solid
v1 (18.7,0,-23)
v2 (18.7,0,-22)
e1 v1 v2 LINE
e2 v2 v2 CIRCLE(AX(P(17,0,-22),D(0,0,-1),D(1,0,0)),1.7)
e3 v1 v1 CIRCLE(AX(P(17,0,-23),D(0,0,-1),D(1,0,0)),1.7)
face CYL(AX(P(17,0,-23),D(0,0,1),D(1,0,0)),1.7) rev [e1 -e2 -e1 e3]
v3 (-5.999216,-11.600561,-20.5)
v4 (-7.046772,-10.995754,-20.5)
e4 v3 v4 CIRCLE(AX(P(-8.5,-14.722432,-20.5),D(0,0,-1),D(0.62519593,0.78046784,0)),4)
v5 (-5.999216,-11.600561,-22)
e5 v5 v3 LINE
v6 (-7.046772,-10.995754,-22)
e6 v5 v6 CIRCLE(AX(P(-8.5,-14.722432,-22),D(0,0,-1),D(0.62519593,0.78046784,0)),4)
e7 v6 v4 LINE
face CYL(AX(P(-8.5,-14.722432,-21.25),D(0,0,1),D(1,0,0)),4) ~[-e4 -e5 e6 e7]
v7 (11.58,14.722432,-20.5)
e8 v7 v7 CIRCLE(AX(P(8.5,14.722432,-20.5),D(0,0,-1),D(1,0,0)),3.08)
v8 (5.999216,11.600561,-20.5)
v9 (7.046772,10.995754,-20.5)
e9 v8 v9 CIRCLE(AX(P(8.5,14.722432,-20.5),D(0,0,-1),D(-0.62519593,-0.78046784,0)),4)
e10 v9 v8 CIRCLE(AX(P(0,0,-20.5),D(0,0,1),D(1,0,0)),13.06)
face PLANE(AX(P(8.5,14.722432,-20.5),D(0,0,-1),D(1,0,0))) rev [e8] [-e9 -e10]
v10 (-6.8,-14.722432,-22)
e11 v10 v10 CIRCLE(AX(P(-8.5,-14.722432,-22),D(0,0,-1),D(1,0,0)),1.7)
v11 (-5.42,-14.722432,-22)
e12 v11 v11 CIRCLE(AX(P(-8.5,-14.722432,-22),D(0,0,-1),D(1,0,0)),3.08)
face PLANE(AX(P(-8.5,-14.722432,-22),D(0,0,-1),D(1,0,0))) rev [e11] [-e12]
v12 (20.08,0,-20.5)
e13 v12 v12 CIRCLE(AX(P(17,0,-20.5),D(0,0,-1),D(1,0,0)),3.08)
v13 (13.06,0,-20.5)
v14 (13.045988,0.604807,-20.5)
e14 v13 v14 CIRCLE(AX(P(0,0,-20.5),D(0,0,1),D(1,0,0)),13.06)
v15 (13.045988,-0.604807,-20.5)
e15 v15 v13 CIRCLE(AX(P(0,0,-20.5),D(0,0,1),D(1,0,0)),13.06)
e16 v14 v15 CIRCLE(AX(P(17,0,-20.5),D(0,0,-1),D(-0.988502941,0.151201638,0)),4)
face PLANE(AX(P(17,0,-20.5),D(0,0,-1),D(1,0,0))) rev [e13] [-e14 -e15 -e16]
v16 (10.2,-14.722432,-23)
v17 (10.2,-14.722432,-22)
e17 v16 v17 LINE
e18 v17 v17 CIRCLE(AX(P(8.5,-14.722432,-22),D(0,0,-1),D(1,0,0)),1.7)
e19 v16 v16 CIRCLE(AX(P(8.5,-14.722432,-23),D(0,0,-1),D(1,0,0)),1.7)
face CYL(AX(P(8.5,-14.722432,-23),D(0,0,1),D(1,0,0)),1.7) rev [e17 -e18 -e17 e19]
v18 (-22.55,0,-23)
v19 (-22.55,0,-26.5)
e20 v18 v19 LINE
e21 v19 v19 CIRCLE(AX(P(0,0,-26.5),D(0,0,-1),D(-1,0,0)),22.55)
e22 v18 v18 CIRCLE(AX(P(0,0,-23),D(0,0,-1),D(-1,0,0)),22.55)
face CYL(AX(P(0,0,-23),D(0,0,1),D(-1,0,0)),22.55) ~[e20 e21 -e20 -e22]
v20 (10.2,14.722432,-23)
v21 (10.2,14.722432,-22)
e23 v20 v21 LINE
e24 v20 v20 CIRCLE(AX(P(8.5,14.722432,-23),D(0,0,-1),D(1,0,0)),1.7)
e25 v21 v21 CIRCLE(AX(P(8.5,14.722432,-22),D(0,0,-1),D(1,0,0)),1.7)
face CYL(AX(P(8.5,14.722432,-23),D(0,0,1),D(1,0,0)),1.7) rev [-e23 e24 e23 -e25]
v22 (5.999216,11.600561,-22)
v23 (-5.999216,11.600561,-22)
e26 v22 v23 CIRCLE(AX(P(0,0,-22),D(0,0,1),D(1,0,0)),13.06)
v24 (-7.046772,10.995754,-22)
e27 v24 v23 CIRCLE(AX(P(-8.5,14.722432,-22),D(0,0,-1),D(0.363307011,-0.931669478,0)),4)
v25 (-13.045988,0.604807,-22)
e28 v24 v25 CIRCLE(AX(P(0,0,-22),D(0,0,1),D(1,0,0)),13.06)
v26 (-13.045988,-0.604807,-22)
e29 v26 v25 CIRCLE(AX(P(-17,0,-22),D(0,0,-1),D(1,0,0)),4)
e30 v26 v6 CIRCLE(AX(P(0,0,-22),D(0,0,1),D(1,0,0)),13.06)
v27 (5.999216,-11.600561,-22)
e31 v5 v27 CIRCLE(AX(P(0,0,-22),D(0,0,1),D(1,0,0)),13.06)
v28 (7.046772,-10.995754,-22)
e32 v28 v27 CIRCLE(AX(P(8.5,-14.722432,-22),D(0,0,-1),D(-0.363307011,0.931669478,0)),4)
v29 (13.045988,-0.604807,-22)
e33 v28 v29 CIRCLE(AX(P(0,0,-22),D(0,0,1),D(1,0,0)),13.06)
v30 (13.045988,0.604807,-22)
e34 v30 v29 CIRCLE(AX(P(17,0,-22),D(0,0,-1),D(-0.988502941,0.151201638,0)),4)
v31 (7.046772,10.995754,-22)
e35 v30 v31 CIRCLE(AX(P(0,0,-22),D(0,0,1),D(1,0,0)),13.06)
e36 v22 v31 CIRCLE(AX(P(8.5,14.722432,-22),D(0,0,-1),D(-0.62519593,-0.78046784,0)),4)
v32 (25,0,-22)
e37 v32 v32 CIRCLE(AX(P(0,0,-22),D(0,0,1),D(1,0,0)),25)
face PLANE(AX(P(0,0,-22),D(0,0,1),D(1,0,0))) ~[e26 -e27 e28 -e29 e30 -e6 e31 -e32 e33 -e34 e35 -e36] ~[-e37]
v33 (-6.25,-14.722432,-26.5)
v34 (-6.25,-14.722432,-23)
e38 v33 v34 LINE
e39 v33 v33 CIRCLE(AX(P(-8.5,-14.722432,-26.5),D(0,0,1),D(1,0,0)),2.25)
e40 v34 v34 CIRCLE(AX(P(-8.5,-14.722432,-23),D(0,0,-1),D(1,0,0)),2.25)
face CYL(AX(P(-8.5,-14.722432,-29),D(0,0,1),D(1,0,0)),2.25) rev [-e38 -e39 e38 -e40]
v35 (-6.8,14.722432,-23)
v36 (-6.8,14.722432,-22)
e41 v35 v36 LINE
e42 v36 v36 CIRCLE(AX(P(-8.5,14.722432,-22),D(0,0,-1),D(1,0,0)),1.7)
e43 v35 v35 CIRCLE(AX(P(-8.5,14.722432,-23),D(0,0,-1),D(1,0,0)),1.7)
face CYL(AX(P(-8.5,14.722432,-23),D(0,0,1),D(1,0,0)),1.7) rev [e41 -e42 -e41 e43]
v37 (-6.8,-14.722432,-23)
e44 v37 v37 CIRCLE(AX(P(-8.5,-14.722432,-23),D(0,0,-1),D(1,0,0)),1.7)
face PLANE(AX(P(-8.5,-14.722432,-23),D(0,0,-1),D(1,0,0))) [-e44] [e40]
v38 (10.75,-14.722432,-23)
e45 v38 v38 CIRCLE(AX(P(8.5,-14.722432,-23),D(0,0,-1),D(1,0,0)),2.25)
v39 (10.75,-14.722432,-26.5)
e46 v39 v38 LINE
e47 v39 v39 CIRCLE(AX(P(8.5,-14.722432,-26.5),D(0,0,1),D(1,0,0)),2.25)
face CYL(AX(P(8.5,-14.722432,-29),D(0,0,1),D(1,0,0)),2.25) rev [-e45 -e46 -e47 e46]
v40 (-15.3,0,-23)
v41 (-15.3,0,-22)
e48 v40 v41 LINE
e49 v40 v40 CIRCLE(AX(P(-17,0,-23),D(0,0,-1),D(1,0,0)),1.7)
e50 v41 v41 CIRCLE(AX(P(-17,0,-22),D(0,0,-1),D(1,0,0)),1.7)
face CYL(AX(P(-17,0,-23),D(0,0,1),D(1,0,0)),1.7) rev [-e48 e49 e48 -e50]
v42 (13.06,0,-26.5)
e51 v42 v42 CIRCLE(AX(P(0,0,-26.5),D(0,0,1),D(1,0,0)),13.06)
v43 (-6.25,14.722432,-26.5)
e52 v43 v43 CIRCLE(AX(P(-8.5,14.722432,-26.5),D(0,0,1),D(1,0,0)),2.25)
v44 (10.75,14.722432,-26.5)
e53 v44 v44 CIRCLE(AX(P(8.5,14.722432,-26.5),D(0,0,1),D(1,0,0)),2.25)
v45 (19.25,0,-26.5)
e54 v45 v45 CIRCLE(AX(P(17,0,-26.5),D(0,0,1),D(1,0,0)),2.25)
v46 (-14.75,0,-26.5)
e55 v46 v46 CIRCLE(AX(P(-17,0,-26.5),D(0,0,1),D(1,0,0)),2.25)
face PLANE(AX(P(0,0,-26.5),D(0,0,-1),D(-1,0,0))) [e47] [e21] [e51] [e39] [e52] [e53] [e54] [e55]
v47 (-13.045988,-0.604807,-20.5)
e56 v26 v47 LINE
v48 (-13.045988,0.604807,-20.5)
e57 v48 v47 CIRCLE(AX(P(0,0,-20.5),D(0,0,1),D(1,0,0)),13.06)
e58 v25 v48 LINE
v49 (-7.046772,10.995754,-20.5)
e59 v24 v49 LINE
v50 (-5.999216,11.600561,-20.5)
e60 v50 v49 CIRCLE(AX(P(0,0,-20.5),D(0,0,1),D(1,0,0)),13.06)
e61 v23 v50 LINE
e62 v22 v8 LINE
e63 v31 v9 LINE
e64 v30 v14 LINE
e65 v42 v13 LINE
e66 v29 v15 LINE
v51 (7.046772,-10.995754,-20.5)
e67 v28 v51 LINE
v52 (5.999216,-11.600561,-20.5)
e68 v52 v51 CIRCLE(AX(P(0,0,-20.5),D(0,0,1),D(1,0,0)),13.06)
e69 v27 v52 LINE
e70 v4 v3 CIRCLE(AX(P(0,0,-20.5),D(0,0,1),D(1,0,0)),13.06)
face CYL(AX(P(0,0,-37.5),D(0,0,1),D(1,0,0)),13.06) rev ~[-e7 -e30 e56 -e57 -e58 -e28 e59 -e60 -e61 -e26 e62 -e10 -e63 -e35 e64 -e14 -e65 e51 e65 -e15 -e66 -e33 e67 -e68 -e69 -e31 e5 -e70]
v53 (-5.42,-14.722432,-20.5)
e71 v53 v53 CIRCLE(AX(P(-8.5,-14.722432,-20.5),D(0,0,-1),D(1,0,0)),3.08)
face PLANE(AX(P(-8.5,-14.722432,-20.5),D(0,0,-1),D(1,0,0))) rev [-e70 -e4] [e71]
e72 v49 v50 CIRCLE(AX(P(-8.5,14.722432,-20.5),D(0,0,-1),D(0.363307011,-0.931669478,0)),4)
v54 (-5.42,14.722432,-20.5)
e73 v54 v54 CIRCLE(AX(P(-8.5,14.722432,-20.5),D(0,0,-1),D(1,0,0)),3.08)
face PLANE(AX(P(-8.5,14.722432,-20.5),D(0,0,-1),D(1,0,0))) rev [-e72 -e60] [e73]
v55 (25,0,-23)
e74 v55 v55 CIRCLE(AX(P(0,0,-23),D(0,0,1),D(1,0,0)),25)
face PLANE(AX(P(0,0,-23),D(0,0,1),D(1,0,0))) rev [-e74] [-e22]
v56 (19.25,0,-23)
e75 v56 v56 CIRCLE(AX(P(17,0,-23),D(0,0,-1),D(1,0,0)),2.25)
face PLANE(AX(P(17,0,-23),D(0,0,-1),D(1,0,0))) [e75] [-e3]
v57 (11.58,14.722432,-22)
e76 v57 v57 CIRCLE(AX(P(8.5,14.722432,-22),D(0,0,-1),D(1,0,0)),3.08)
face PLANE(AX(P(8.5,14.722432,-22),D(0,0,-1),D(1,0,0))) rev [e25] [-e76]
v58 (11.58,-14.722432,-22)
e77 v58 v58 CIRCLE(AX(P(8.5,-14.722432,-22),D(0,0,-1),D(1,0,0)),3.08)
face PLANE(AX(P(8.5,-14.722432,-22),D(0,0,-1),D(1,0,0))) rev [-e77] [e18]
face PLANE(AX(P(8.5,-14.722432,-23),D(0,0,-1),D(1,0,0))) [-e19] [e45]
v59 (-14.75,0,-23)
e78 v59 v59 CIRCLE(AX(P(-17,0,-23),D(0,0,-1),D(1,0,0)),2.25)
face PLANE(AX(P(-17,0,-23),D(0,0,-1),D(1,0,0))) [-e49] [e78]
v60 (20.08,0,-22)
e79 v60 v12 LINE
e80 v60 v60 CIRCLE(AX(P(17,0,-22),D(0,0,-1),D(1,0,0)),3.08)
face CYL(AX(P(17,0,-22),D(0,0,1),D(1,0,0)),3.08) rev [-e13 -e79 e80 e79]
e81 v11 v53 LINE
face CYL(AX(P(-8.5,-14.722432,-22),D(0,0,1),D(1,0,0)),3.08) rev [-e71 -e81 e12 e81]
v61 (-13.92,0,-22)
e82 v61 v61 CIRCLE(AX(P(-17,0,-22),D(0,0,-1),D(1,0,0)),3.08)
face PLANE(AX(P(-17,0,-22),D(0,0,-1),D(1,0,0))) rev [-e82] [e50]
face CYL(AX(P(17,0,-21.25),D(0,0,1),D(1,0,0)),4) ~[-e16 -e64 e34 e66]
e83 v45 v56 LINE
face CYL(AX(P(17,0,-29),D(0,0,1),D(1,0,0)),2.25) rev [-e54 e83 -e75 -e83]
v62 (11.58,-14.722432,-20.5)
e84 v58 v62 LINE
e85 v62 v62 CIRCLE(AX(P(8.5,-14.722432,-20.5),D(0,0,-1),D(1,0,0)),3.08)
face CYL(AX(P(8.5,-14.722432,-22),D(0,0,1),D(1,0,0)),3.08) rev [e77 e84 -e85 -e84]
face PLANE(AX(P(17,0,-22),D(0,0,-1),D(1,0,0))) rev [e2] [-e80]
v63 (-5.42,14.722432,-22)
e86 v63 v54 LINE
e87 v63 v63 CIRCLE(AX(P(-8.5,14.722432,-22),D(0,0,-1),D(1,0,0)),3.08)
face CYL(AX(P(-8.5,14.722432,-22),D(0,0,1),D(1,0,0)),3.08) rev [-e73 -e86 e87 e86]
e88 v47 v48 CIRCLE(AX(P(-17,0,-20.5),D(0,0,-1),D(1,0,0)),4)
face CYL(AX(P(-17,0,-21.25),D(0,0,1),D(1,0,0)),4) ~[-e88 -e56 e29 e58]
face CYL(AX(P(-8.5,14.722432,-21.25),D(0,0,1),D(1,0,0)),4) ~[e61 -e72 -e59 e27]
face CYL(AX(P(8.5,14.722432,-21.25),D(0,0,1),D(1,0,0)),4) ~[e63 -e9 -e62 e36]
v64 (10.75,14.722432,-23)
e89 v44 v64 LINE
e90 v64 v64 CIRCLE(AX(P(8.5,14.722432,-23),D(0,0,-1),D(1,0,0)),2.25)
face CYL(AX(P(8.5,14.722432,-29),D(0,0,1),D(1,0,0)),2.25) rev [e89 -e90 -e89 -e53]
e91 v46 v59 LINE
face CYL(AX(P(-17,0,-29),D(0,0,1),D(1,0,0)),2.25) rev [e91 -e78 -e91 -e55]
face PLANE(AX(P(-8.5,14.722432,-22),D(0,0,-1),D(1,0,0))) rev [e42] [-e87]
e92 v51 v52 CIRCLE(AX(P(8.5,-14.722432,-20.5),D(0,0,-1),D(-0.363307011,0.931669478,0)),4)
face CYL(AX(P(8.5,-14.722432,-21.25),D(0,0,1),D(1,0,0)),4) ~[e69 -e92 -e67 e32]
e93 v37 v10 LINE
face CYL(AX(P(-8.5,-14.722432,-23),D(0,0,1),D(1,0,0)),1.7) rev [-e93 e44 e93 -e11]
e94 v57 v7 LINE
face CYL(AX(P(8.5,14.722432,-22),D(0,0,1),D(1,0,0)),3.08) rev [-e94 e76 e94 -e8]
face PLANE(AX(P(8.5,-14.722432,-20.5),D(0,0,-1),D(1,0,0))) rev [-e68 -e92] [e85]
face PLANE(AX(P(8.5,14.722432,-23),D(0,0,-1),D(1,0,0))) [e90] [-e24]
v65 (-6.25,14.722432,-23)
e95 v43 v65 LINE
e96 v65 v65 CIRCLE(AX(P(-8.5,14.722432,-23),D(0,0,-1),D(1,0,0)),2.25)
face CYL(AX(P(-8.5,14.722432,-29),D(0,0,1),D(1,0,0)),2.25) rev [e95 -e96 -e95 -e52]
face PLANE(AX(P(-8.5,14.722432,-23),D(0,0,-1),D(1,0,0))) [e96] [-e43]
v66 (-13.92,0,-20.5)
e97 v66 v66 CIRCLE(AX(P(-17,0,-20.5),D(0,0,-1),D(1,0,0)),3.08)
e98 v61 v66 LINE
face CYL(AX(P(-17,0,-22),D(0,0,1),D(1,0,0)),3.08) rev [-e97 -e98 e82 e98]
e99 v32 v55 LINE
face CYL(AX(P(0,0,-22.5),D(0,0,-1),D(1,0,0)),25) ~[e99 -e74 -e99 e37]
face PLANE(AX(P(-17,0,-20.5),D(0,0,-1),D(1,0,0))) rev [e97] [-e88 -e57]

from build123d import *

# Parameters (mm, degrees)
SKETCH_1_W              = 25
SKETCH_1_H              = 1
SKETCH_2_R              = 22.55
EXTRUDE_1_DEPTH         = 6
SKETCH_3_W              = 4
SKETCH_3_H              = 1.5
SKETCH_4_W              = 4
SKETCH_4_H              = 1.5
SKETCH_5_W              = 4
SKETCH_5_H              = 1.5
SKETCH_6_W              = 4
SKETCH_6_H              = 1.5
SKETCH_7_W              = 4
SKETCH_7_H              = 1.5
SKETCH_8_W              = 4
SKETCH_8_H              = 1.5
HOLE_WIZARD_M24_1_D     = 26.12
HOLE_WIZARD_M24_1_DEPTH = 8.5
SKETCH_17_R             = 22.55
CUT_EXTRUDE_1_DEPTH     = 2.5


with BuildPart() as part:
    # 草图1 → 旋转1 (revolve)
    with BuildSketch(Plane(origin=(0, 0, 0), x_dir=(1, 0, 0), z_dir=(0, 1, 0))):
        with Locations((12.5, 22.5)):
            Rectangle(SKETCH_1_W, SKETCH_1_H)
    revolve(axis=Axis((0, 0, -23), (0, 0, 1)))

    # 草图2 → 凸台-拉伸1 (add)
    with BuildSketch(Plane(origin=(0, 0, -23), x_dir=(-1, 0, 0), z_dir=(0, 0, -1))):
        Circle(SKETCH_2_R)
    extrude(amount=EXTRUDE_1_DEPTH)

    # 草图3 → 旋转2 (revolve)
    with BuildSketch(Plane.XZ.offset(14.722431864)):
        with Locations((10.5, -21.25)):
            Rectangle(SKETCH_3_W, SKETCH_3_H)
    revolve(axis=Axis((8.5, -14.722431864, -20.5), (0, 0, -1)))

    # 草图4 → 旋转3 (revolve)
    with BuildSketch(Plane.XZ.offset(14.722431864)):
        with Locations((-6.5, -21.25)):
            Rectangle(SKETCH_4_W, SKETCH_4_H)
    revolve(axis=Axis((-8.5, -14.722431864, -20.5), (0, 0, -1)))

    # 草图5 → 旋转4 (revolve)
    with BuildSketch(Plane.XZ):
        with Locations((-15, -21.25)):
            Rectangle(SKETCH_5_W, SKETCH_5_H)
    revolve(axis=Axis((-17, 0, -20.5), (0, 0, -1)))

    # 草图6 → 旋转5 (revolve)
    with BuildSketch(Plane.XZ.offset(-14.722431864)):
        with Locations((-6.5, -21.25)):
            Rectangle(SKETCH_6_W, SKETCH_6_H)
    revolve(axis=Axis((-8.5, 14.722431864, -20.5), (0, 0, -1)))

    # 草图7 → 旋转6 (revolve)
    with BuildSketch(Plane.XZ.offset(-14.722431864)):
        with Locations((10.5, -21.25)):
            Rectangle(SKETCH_7_W, SKETCH_7_H)
    revolve(axis=Axis((8.5, 14.722431864, -20.5), (0, 0, -1)))

    # 草图8 → 旋转7 (revolve)
    with BuildSketch(Plane.XZ):
        with Locations((19, -21.25)):
            Rectangle(SKETCH_8_W, SKETCH_8_H)
    revolve(axis=Axis((17, 0, -20.5), (0, 0, -1)))

    # 草图9 → 切除-旋转1 (revolve, cut)
    with BuildSketch(Plane.XZ.offset(14.722431864)):
        Polygon((11.58, -20.5), (8.5, -20.5), (8.5, -29), (10.75, -29), (10.75, -23), (10.2, -23), (10.2, -22), (11.58, -22), align=None)
    revolve(axis=Axis((8.5, -14.722431864, -20.5), (0, 0, -1)), mode=Mode.SUBTRACT)

    # 草图10 → 切除-旋转2 (revolve, cut)
    with BuildSketch(Plane.XZ.offset(14.722431864)):
        Polygon((-5.42, -20.5), (-8.5, -20.5), (-8.5, -29), (-6.25, -29), (-6.25, -23), (-6.8, -23), (-6.8, -22), (-5.42, -22), align=None)
    revolve(axis=Axis((-8.5, -14.722431864, -20.5), (0, 0, -1)), mode=Mode.SUBTRACT)

    # 草图11 → 切除-旋转3 (revolve, cut)
    with BuildSketch(Plane.XZ):
        Polygon((-13.92, -20.5), (-17, -20.5), (-17, -29), (-14.75, -29), (-14.75, -23), (-15.3, -23), (-15.3, -22), (-13.92, -22), align=None)
    revolve(axis=Axis((-17, 0, -20.5), (0, 0, -1)), mode=Mode.SUBTRACT)

    # 草图12 → 切除-旋转4 (revolve, cut)
    with BuildSketch(Plane.XZ.offset(-14.722431864)):
        Polygon((-5.42, -20.5), (-8.5, -20.5), (-8.5, -29), (-6.25, -29), (-6.25, -23), (-6.8, -23), (-6.8, -22), (-5.42, -22), align=None)
    revolve(axis=Axis((-8.5, 14.722431864, -20.5), (0, 0, -1)), mode=Mode.SUBTRACT)

    # 草图13 → 切除-旋转5 (revolve, cut)
    with BuildSketch(Plane.XZ.offset(-14.722431864)):
        Polygon((11.58, -20.5), (8.5, -20.5), (8.5, -29), (10.75, -29), (10.75, -23), (10.2, -23), (10.2, -22), (11.58, -22), align=None)
    revolve(axis=Axis((8.5, 14.722431864, -20.5), (0, 0, -1)), mode=Mode.SUBTRACT)

    # 草图14 → 切除-旋转6 (revolve, cut)
    with BuildSketch(Plane.XZ):
        Polygon((20.08, -20.5), (17, -20.5), (17, -29), (19.25, -29), (19.25, -23), (18.7, -23), (18.7, -22), (20.08, -22), align=None)
    revolve(axis=Axis((17, 0, -20.5), (0, 0, -1)), mode=Mode.SUBTRACT)

    # M24 间隙孔1
    with Locations(Plane(origin=(0, 0, -29), x_dir=(-1, 0, 0), z_dir=(0, 0, -1))):
        with Locations((0, 0)):
            Hole(HOLE_WIZARD_M24_1_D / 2, depth=HOLE_WIZARD_M24_1_DEPTH)

    # 草图17 → 切除-拉伸1 (cut)
    with BuildSketch(Plane(origin=(0, 0, -29), x_dir=(-1, 0, 0), z_dir=(0, 0, -1))):
        Circle(SKETCH_17_R)
    extrude(amount=-CUT_EXTRUDE_1_DEPTH, mode=Mode.SUBTRACT)


solid = part.part
